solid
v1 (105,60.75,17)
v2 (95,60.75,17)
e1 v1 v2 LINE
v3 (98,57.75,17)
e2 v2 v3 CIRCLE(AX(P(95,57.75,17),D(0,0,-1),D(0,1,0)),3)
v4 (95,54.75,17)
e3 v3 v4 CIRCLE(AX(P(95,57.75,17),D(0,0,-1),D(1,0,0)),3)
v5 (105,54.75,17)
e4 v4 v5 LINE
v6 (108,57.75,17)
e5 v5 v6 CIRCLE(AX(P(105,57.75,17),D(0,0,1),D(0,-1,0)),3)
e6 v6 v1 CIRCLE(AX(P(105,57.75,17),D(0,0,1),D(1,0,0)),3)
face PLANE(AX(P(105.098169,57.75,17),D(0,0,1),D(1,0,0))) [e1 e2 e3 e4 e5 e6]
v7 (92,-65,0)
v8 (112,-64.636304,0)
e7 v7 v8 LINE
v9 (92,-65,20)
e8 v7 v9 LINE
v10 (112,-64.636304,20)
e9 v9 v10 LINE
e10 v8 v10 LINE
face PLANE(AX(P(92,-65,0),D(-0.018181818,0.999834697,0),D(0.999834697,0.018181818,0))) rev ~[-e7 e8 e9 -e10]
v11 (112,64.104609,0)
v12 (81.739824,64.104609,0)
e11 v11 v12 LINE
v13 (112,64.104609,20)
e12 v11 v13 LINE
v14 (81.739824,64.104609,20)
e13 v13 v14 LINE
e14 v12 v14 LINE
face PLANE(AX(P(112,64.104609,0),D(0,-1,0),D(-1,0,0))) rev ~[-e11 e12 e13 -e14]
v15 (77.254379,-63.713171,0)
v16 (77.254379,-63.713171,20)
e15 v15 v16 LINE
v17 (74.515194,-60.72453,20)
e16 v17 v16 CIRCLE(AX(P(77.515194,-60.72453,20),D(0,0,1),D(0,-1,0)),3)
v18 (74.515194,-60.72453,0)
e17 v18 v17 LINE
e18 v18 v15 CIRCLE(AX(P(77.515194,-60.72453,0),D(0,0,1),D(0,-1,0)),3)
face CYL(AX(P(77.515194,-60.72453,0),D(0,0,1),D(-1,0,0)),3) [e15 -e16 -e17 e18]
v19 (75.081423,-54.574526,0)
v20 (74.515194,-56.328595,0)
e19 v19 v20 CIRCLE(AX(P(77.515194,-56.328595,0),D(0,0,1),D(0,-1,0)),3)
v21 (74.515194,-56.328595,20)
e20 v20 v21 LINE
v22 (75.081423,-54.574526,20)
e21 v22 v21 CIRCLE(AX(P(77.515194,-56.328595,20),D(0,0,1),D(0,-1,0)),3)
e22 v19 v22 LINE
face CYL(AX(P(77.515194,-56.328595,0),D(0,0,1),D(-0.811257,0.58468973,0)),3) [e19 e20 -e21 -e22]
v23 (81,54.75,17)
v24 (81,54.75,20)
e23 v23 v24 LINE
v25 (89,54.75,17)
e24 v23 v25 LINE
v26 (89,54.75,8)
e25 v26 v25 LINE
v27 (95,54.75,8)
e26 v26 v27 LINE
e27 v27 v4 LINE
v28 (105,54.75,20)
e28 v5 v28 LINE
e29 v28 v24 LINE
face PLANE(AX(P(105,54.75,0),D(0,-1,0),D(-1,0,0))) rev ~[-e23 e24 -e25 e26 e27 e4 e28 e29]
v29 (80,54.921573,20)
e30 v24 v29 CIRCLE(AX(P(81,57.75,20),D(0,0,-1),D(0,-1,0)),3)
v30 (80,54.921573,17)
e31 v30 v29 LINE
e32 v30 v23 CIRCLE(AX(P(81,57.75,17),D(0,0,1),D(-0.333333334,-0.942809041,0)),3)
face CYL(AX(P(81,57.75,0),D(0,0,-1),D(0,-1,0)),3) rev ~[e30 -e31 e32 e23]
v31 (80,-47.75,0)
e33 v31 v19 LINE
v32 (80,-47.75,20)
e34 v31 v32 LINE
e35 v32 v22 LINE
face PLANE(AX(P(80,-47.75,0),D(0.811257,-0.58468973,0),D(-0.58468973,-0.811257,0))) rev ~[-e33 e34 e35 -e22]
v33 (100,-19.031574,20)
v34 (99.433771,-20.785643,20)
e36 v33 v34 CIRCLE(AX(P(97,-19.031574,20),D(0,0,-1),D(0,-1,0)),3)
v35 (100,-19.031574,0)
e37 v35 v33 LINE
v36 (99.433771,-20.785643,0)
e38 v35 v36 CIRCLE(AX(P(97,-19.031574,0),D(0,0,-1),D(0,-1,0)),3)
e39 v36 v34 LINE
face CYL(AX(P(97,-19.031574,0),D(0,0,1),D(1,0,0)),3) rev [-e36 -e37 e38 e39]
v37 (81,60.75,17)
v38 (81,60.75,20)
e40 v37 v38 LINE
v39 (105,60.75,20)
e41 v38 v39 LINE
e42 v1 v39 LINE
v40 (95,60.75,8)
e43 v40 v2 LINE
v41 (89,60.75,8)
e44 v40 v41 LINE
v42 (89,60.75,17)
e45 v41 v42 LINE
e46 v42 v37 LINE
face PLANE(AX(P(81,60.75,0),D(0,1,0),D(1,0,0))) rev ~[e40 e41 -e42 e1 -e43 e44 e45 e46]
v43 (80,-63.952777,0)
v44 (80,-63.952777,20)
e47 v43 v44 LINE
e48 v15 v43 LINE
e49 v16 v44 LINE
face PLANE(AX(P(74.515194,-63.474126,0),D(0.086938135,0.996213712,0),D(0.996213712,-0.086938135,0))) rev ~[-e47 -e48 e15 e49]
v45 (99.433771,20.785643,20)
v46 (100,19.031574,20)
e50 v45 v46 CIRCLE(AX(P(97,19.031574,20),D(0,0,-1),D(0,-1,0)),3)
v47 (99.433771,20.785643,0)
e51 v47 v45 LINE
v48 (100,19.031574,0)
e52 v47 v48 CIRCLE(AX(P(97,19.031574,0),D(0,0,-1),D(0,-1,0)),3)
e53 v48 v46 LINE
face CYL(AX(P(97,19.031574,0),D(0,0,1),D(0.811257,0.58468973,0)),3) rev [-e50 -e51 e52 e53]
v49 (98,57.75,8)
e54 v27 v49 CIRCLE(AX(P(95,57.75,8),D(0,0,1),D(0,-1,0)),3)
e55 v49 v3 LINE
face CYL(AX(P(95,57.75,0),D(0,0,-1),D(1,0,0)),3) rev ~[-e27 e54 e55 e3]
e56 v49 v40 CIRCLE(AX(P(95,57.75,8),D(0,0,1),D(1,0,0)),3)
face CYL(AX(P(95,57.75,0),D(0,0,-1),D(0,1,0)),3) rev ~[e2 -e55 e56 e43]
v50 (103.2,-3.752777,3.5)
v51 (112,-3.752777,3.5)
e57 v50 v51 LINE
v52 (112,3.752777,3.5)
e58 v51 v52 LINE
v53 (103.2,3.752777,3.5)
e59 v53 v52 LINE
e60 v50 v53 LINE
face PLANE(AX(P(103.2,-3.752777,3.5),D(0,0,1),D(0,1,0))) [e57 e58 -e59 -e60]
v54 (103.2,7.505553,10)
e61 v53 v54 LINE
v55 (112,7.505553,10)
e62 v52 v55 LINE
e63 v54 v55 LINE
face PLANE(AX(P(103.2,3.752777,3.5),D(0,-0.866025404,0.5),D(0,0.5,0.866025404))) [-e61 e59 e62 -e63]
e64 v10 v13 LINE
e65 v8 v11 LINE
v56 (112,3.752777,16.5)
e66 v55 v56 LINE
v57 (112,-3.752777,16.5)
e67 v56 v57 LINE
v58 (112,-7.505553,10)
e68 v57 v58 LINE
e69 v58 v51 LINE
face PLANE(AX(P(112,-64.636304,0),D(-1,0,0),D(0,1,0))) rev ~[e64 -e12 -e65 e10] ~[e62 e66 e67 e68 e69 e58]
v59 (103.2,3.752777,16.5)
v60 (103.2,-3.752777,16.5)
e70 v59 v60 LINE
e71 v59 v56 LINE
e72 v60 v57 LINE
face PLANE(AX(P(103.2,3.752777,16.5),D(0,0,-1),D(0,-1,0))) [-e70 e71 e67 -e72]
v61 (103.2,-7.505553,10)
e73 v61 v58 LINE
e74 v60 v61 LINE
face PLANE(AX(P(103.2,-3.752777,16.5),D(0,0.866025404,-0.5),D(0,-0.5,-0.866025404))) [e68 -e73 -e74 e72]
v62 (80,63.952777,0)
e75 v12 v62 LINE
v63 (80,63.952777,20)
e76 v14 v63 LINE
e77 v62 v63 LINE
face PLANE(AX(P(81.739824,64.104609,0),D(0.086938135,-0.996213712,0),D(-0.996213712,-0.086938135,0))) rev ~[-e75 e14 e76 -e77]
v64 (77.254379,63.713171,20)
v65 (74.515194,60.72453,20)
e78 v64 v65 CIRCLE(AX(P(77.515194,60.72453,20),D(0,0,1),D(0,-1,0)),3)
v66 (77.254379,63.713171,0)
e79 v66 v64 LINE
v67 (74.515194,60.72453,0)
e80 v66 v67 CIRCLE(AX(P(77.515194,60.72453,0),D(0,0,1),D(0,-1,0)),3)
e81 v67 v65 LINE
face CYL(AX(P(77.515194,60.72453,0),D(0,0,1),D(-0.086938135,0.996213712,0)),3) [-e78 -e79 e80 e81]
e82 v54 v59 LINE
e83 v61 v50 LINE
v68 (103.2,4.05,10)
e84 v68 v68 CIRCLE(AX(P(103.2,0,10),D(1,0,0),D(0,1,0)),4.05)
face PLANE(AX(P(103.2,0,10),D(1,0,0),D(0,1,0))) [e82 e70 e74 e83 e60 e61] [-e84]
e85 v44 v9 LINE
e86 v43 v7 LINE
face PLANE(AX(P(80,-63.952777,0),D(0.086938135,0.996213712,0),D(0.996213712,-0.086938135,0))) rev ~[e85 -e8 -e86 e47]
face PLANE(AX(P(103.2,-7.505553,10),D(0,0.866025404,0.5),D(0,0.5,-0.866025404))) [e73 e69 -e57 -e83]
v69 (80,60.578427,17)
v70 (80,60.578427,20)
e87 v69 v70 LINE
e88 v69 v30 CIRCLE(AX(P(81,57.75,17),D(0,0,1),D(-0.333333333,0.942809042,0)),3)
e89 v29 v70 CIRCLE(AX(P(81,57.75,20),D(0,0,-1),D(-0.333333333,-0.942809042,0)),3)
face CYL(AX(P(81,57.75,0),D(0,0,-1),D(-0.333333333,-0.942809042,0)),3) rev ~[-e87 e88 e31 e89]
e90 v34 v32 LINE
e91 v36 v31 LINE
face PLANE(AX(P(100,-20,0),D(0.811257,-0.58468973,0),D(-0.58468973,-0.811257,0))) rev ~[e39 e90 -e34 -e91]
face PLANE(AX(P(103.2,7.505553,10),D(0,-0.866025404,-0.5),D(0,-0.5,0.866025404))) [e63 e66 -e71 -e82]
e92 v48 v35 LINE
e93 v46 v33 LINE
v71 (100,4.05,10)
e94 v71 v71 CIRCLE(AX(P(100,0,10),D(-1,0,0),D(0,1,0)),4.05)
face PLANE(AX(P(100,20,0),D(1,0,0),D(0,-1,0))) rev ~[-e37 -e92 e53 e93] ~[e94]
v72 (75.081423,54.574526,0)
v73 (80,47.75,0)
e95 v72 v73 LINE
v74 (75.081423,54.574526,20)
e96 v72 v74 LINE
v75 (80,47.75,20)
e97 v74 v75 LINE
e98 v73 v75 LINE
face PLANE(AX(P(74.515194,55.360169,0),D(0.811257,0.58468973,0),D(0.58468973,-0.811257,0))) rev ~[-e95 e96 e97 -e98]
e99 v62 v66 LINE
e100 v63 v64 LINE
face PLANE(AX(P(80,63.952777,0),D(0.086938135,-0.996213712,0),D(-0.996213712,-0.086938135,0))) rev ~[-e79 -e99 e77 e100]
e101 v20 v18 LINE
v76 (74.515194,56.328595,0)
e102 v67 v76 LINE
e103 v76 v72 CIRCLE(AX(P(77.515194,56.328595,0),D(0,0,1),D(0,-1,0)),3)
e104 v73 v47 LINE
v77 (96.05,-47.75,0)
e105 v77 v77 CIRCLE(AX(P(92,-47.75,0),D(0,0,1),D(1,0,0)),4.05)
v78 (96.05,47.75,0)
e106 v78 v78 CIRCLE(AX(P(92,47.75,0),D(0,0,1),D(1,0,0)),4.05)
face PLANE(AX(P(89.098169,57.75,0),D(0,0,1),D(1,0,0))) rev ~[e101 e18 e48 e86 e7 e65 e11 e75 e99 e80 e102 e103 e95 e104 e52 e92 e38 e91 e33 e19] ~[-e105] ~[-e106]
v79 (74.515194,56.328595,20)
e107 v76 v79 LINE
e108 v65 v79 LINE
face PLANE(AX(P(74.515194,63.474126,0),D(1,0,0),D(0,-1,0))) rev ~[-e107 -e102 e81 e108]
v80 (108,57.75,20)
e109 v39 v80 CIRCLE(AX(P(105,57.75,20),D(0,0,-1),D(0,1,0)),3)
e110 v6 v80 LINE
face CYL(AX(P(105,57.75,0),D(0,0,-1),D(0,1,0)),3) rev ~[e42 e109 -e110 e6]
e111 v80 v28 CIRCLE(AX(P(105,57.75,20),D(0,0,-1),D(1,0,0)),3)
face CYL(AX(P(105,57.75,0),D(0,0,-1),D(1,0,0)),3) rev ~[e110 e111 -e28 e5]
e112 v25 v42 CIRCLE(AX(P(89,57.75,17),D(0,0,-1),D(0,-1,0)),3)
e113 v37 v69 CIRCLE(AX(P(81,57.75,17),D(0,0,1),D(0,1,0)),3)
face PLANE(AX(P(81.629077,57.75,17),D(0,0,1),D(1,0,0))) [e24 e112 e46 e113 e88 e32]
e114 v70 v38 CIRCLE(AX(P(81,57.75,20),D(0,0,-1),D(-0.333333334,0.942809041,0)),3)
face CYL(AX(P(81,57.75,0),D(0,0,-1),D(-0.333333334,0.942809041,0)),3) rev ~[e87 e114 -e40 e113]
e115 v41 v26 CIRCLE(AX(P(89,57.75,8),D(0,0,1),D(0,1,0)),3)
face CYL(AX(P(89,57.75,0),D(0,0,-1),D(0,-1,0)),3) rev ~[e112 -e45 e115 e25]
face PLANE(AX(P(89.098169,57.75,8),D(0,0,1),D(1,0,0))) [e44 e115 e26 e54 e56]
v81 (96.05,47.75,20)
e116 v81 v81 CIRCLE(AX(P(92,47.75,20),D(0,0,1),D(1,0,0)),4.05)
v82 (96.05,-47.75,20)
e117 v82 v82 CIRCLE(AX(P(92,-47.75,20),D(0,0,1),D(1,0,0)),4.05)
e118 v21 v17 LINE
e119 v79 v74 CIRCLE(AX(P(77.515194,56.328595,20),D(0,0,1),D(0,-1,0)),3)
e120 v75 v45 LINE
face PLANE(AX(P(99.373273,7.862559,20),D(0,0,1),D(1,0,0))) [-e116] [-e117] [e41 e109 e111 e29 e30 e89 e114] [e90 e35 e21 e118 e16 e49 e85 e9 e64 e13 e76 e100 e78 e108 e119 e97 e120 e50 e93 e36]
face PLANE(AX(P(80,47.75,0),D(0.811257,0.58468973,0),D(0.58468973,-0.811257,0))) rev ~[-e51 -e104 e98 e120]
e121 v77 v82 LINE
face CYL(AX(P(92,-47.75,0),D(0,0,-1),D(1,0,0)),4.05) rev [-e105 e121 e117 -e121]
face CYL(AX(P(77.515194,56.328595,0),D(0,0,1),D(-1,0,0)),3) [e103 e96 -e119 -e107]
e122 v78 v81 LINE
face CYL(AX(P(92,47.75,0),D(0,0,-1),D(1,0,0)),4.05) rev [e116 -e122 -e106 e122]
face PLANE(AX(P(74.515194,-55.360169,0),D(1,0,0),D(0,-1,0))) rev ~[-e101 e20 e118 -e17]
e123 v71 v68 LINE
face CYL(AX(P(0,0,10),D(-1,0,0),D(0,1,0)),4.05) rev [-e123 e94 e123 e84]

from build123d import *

# Parameters (mm, degrees)
F0_R     = 4.05
F1_DEPTH = 20
F2_DEPTH = 17
F3_R     = 3
F4_R     = 4.05
F5_DEPTH = 219.9
F6_START = 103.2
F6_DEPTH = 43.7
F7_DEPTH = 8


with BuildPart() as f1:
    # F0 (on Top) → F1 (new body)
    with BuildSketch(Plane.XY):
        with BuildLine():
            Line((80, 54.9215728753), (80, 47.75))
            Line((80, 47.75), (100, 20))
            Line((100, 20), (100, 0))
            Line((100, 0), (100, -20))
            Line((100, -20), (80, -47.75))
            Line((80, -47.75), (80, -63.952777299))
            Line((80, -63.952777299), (92, -65))
            Line((92, -65), (112, -64.6363035163))
            Line((112, -64.6363035163), (112, 0))
            Line((112, 0), (112, 64.1046091914))
            Line((112, 64.1046091914), (81.7398235416, 64.1046091914))
            Line((81.7398235416, 64.1046091914), (80, 63.952777299))
            Line((80, 63.952777299), (80, 60.5784271247))
            ThreePointArc((80, 60.5784271247), (80.4926940638, 60.706795679), (81, 60.75))
            Line((81, 60.75), (89, 60.75))
            Line((89, 60.75), (95, 60.75))
            Line((95, 60.75), (105, 60.75))
            ThreePointArc((105, 60.75), (107.1213203436, 59.8713203436), (108, 57.75))
            ThreePointArc((108, 57.75), (107.1213203436, 55.6286796564), (105, 54.75))
            Line((105, 54.75), (95, 54.75))
            Line((95, 54.75), (89, 54.75))
            Line((89, 54.75), (81, 54.75))
            ThreePointArc((81, 54.75), (80.4926940638, 54.793204321), (80, 54.9215728753))
        make_face()
        with Locations((92, -47.75)):
            Circle(F0_R, mode=Mode.SUBTRACT)
        with Locations((92, 47.75)):
            Circle(F0_R, mode=Mode.SUBTRACT)
        Polygon((80, -63.952777299), (80, -47.75), (74.5151937008, -55.3601687402), (74.5151937008, -63.4741261601), align=None)
        with BuildLine():
            Line((74.5151937008, 55.3601687402), (80, 47.75))
            Line((80, 47.75), (80, 54.9215728753))
            ThreePointArc((80, 54.9215728753), (78, 57.75), (80, 60.5784271247))
            Line((80, 60.5784271247), (80, 63.952777299))
            Line((80, 63.952777299), (74.5151937008, 63.4741261601))
            Line((74.5151937008, 63.4741261601), (74.5151937008, 55.3601687402))
        make_face()
    extrude(amount=F1_DEPTH)

    # F0 (on Top) → F2 (join)
    with BuildSketch(Plane.XY):
        with BuildLine():
            ThreePointArc((105, 60.75), (102, 57.75), (105, 54.75))
            ThreePointArc((105, 54.75), (107.1213203436, 55.6286796564), (108, 57.75))
            ThreePointArc((108, 57.75), (107.1213203436, 59.8713203436), (105, 60.75))
        make_face()
        with BuildLine():
            Line((80, 60.5784271247), (80, 54.9215728753))
            ThreePointArc((80, 54.9215728753), (80.4926940638, 54.793204321), (81, 54.75))
            ThreePointArc((81, 54.75), (83.1213203436, 55.6286796564), (84, 57.75))
            ThreePointArc((84, 57.75), (83.1213203436, 59.8713203436), (81, 60.75))
            ThreePointArc((81, 60.75), (80.4926940638, 60.706795679), (80, 60.5784271247))
        make_face()
        with BuildLine():
            ThreePointArc((80, 60.5784271247), (78, 57.75), (80, 54.9215728753))
            Line((80, 54.9215728753), (80, 60.5784271247))
        make_face()
        with BuildLine():
            ThreePointArc((84, 57.75), (83.1213203436, 55.6286796564), (81, 54.75))
            Line((81, 54.75), (89, 54.75))
            ThreePointArc((89, 54.75), (86, 57.75), (89, 60.75))
            Line((89, 60.75), (81, 60.75))
            ThreePointArc((81, 60.75), (83.1213203436, 59.8713203436), (84, 57.75))
        make_face()
        with BuildLine():
            ThreePointArc((98, 57.75), (97.1213203436, 55.6286796564), (95, 54.75))
            Line((95, 54.75), (105, 54.75))
            ThreePointArc((105, 54.75), (102, 57.75), (105, 60.75))
            Line((105, 60.75), (95, 60.75))
            ThreePointArc((95, 60.75), (97.1213203436, 59.8713203436), (98, 57.75))
        make_face()
    extrude(amount=F2_DEPTH)

    # F3
    f3_edges = [f1.edges().sort_by_distance(p)[0] for p in [
        (74.515194, -55.360169, 10),
        (74.515194, -63.474126, 10),
        (100, -20, 10),
        (100, 20, 10),
        (74.515194, 55.360169, 10),
        (74.515194, 63.474126, 10),
    ]]
    fillet(f3_edges, radius=F3_R)

    # F4 (on Right) → F5 (cut)
    with BuildSketch(Plane.YZ):
        with Locations((0, 10)):
            Circle(F4_R)
    extrude(amount=F5_DEPTH, mode=Mode.SUBTRACT)

    # F4 (on Right) → F6 (cut)
    with BuildSketch(Plane.YZ.offset(F6_START)):
        Polygon((-3.7527767497, 3.5), (3.7527767497, 3.5), (7.5055534995, 10), (3.7527767497, 16.5), (-3.7527767497, 16.5), (-7.5055534995, 10), align=None)
        with Locations((0, 10)):
            Circle(F4_R, mode=Mode.SUBTRACT)
    extrude(amount=F6_DEPTH, mode=Mode.SUBTRACT)

    # F0 (on Top) → F7 (join)
    with BuildSketch(Plane.XY):
        with BuildLine():
            ThreePointArc((89, 60.75), (86, 57.75), (89, 54.75))
            ThreePointArc((89, 54.75), (91.1213203436, 55.6286796564), (92, 57.75))
            ThreePointArc((92, 57.75), (91.1213203436, 59.8713203436), (89, 60.75))
        make_face()
        with BuildLine():
            Line((95, 60.75), (89, 60.75))
            ThreePointArc((89, 60.75), (91.1213203436, 59.8713203436), (92, 57.75))
            ThreePointArc((92, 57.75), (92.8786796564, 59.8713203436), (95, 60.75))
        make_face()
        with BuildLine():
            ThreePointArc((92, 57.75), (92.8786796564, 55.6286796564), (95, 54.75))
            ThreePointArc((95, 54.75), (97.1213203436, 55.6286796564), (98, 57.75))
            ThreePointArc((98, 57.75), (97.1213203436, 59.8713203436), (95, 60.75))
            ThreePointArc((95, 60.75), (92.8786796564, 59.8713203436), (92, 57.75))
        make_face()
        with BuildLine():
            ThreePointArc((92, 57.75), (91.1213203436, 55.6286796564), (89, 54.75))
            Line((89, 54.75), (95, 54.75))
            ThreePointArc((95, 54.75), (92.8786796564, 55.6286796564), (92, 57.75))
        make_face()
    extrude(amount=F7_DEPTH)


solid = f1.part
